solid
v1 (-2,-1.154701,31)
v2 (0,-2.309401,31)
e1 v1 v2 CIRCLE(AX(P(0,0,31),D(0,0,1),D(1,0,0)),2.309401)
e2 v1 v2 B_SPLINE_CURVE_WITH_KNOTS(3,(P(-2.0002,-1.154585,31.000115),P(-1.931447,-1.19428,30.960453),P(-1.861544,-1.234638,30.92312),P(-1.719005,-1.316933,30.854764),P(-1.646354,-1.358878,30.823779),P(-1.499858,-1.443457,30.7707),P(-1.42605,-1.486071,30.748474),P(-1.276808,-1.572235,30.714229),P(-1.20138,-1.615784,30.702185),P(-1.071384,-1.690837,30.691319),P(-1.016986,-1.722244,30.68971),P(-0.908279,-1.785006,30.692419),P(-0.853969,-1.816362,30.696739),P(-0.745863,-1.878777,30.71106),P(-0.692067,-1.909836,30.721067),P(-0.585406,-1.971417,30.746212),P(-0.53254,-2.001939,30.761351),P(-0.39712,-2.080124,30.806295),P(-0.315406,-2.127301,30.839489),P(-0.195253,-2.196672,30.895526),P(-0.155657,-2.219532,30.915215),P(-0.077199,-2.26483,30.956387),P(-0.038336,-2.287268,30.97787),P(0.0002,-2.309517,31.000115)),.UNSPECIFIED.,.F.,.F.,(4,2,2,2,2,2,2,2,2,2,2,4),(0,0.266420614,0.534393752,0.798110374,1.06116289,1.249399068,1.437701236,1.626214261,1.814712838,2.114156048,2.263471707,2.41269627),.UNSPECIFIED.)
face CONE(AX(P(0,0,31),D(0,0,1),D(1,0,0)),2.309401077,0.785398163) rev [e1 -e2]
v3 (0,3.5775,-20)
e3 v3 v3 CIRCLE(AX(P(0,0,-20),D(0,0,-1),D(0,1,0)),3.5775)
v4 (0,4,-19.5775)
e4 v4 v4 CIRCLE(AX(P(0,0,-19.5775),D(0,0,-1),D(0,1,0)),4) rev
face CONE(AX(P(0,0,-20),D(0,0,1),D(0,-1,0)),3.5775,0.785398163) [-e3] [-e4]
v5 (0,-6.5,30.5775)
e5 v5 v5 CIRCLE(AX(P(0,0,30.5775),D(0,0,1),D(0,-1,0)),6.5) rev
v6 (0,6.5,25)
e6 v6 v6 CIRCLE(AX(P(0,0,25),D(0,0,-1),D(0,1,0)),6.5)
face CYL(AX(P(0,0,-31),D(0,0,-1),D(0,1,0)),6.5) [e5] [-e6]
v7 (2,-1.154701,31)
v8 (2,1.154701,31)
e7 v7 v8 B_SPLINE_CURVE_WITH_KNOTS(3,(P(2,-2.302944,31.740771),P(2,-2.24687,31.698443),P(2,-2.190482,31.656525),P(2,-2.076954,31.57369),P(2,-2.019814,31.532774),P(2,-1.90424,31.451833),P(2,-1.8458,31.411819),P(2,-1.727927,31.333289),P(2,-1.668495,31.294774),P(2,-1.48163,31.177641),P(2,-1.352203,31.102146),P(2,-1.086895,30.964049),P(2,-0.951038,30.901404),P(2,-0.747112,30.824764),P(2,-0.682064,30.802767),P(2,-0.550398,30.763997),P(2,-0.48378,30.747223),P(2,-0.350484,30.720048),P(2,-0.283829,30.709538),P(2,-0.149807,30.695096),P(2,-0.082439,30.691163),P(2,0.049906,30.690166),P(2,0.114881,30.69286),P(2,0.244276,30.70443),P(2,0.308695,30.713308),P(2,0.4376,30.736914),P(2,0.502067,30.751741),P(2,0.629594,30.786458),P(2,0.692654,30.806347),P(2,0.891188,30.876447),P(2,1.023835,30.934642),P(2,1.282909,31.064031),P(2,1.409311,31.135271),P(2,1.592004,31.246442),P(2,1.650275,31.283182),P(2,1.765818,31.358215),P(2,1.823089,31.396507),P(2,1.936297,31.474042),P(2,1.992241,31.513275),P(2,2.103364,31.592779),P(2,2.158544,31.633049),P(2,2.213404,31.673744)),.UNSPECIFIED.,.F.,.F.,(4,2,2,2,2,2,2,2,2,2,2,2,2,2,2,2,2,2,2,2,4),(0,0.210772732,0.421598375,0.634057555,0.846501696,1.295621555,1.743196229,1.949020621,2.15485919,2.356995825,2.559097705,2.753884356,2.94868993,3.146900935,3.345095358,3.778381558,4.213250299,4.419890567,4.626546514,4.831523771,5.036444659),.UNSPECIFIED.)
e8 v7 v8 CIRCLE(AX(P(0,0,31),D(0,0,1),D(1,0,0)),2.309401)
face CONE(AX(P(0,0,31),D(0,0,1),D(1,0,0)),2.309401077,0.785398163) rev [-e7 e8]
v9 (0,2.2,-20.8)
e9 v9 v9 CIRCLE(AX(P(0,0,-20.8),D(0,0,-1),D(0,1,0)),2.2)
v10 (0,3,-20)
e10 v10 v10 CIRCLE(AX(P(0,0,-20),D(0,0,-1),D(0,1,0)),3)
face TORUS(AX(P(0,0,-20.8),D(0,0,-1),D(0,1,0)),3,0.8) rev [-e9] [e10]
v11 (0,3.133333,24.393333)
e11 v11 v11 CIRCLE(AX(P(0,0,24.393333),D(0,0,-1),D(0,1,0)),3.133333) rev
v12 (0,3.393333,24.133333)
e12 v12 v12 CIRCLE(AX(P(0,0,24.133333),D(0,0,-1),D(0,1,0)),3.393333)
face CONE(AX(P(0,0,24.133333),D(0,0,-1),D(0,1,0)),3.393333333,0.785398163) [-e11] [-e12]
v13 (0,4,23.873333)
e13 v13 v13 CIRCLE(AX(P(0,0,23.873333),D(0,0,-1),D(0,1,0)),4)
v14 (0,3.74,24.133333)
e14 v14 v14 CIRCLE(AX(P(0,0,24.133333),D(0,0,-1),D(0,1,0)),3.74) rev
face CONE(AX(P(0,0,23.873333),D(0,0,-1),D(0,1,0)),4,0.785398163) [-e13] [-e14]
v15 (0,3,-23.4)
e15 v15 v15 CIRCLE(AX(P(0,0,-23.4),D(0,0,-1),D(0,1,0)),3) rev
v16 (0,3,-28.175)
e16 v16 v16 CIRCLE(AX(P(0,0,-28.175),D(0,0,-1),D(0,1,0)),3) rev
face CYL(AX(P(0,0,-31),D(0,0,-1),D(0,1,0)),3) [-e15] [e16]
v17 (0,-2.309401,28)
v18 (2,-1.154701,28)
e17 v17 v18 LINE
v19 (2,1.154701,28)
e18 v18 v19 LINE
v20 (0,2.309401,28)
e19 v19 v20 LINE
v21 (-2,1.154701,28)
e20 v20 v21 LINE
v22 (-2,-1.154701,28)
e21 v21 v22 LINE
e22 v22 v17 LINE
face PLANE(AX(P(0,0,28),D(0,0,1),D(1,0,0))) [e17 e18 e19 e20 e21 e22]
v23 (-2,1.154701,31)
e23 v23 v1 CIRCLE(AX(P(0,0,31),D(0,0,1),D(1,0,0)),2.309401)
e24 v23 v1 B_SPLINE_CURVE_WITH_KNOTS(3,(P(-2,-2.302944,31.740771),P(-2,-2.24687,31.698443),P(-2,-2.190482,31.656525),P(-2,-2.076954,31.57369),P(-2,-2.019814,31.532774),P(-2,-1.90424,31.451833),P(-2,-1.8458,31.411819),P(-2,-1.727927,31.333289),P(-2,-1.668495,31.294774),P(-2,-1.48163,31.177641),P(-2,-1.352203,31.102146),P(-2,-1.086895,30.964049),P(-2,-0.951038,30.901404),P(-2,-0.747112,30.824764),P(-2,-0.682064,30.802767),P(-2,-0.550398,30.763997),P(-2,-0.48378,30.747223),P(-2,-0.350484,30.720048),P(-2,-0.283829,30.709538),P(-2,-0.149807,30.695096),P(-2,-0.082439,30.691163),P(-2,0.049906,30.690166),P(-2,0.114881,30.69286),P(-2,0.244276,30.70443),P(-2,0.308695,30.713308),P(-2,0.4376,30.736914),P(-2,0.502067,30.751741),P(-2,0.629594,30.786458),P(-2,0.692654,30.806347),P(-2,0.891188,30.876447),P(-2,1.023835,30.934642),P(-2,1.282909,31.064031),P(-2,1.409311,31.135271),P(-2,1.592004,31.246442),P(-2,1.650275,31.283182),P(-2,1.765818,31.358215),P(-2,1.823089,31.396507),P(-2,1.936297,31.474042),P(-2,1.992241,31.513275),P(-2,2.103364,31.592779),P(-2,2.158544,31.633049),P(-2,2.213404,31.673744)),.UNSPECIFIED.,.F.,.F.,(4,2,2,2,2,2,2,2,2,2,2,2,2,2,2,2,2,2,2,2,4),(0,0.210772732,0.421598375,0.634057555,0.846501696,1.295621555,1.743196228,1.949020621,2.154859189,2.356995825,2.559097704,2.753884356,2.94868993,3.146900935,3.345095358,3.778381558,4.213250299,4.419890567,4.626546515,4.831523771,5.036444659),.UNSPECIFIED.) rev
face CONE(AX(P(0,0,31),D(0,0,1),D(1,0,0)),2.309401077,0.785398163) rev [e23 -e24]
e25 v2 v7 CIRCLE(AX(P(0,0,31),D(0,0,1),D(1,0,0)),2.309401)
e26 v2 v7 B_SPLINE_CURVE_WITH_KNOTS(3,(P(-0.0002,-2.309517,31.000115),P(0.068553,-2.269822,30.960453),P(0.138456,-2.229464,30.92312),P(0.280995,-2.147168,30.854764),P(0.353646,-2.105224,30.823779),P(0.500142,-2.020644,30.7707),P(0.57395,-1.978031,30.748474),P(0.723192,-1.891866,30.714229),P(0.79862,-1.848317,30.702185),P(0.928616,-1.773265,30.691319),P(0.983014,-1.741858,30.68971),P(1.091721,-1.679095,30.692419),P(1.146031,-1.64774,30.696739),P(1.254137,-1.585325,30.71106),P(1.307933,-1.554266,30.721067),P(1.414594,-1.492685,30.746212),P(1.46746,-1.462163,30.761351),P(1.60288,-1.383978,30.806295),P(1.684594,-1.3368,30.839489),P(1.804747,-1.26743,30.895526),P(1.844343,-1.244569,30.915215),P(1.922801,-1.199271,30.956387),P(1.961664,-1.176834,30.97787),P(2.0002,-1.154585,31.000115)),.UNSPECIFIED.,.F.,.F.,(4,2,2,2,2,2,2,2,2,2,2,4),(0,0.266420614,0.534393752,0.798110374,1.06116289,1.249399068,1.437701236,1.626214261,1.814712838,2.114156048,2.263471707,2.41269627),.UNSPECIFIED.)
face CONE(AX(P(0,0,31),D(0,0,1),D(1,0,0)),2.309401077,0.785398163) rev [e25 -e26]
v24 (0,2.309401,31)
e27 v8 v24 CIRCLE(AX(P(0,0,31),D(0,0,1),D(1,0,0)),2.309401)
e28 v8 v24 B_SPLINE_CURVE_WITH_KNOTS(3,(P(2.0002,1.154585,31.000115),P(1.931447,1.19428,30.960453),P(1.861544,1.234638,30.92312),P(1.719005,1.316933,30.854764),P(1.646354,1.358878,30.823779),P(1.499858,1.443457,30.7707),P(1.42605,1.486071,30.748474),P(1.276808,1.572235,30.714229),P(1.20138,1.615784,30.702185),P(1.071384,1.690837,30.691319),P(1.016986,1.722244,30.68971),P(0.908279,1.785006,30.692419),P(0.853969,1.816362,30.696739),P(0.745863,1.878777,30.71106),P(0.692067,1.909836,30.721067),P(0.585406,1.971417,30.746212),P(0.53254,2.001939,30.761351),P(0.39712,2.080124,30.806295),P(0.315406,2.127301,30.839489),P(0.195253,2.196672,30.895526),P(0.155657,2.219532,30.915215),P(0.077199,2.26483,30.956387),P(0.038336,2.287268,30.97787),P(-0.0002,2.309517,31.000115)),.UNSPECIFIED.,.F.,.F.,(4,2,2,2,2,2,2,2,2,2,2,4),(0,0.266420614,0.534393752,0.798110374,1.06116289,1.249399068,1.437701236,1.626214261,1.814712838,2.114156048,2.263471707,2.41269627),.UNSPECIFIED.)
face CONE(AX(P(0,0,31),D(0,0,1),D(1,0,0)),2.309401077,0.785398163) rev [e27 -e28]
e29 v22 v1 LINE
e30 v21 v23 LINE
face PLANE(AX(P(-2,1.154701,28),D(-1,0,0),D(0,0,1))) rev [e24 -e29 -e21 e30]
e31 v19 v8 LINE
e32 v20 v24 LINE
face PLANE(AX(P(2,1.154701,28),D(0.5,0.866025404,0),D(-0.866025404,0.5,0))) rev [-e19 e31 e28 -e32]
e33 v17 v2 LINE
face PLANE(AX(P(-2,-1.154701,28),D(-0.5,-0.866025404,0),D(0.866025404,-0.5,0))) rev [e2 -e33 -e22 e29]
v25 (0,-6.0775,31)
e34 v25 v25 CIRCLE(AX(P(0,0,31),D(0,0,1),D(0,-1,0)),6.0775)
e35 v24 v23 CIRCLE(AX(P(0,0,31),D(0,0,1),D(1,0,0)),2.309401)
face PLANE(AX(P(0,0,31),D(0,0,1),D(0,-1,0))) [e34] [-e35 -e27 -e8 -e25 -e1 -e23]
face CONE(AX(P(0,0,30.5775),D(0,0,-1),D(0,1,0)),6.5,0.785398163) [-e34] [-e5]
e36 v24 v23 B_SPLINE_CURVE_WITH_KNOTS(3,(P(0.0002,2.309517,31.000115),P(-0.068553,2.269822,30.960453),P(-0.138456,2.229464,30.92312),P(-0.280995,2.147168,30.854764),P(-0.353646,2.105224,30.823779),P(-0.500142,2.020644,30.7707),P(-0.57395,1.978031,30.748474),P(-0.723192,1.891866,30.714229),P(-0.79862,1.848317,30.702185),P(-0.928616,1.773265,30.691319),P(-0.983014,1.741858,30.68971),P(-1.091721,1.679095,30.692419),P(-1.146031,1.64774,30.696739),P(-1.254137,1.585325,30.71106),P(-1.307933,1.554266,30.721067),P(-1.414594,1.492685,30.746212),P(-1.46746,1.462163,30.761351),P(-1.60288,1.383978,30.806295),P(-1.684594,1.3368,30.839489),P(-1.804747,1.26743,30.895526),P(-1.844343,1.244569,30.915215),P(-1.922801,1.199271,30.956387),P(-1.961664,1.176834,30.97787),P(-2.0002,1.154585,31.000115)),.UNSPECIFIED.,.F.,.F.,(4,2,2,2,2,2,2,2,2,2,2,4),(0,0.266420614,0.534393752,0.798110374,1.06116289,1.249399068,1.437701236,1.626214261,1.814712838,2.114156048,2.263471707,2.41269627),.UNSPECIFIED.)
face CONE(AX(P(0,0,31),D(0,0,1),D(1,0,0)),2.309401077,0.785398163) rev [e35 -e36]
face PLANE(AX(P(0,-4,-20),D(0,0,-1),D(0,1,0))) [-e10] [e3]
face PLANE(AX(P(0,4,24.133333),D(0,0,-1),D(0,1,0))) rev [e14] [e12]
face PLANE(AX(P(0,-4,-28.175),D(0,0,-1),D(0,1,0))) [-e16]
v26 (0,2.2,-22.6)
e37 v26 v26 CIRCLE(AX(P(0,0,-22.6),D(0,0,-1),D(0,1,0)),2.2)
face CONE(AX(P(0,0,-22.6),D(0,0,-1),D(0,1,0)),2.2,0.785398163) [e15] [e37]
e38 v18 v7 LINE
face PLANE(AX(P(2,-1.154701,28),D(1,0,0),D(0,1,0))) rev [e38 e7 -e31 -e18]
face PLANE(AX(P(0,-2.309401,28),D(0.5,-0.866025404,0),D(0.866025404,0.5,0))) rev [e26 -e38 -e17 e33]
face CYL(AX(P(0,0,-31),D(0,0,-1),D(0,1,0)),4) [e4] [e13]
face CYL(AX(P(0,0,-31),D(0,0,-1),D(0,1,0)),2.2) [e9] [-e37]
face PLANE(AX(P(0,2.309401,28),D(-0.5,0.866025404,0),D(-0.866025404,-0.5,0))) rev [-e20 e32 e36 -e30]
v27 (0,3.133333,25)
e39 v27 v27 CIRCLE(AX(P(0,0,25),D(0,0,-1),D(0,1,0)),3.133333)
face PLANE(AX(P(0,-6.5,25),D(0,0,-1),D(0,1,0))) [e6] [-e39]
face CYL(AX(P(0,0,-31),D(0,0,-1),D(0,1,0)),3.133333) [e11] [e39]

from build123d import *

# Parameters (mm, degrees)
SKETCH4_W          = 0.866666667
SKETCH4_H          = 0.866666667
CHAMFER1_SIZE      = 0.26
CHAMFER2_SIZE      = 0.75
CHAMFER3_SIZE      = 0.4225
CUT_EXTRUDE1_DEPTH = 3
SKETCH15_R         = 4
CUT_EXTRUDE3_DEPTH = 2.825


with BuildPart() as part:
    # Sketch3 → Revolve1 (revolve)
    with BuildSketch(Plane(origin=(0, 0, 0), x_dir=(0, 0, -1), z_dir=(1, 0, 0))):
        Polygon((-31, 6.5), (-25, 6.5), (-25, 4), (20, 4), (20, 3), (31, 3), (31, 0), (-31, 0), align=None)
    revolve(axis=Axis((0, 0, -31), (0, 0, 1)))

    # Sketch4 → Cut-Revolve1 (revolve, cut)
    with BuildSketch(Plane(origin=(0, 0, 0), x_dir=(0, 0, -1), z_dir=(1, 0, 0))):
        with Locations((-24.566666667, 3.566666667)):
            Rectangle(SKETCH4_W, SKETCH4_H)
    revolve(axis=Axis((0, 0, -31), (0, 0, 1)), mode=Mode.SUBTRACT)

    # Chamfer1
    chamfer1_edges = [part.edges().sort_by_distance(p)[0] for p in [
        (0, -3.133333333, 24.133333333),
        (0, -4, 24.133333333),
    ]]
    chamfer(chamfer1_edges, length=CHAMFER1_SIZE)

    # Sketch6 → Cut-Revolve2 (revolve, cut)
    with BuildSketch(Plane(origin=(0, 0, 0), x_dir=(0, 0, -1), z_dir=(1, 0, 0))):
        with BuildLine():
            Line((20, 4), (24.4, 4))
            Line((24.4, 4), (22.6, 2.2))
            Line((22.6, 2.2), (20.8, 2.2))
            ThreePointArc((20.8, 2.2), (20.234314575, 2.434314575), (20, 3))
            Line((20, 3), (20, 4))
        make_face()
    revolve(axis=Axis((0, 0, -31), (0, 0, 1)), mode=Mode.SUBTRACT)

    # Chamfer2
    chamfer2_edges = [part.edges().sort_by_distance(p)[0] for p in [
        (0, -3, -31),
    ]]
    chamfer(chamfer2_edges, length=CHAMFER2_SIZE)

    # Chamfer3
    chamfer3_edges = [part.edges().sort_by_distance(p)[0] for p in [
        (0, -4, -20),
        (0, -6.5, 31),
    ]]
    chamfer(chamfer3_edges, length=CHAMFER3_SIZE)

    # Sketch8 → Cut-Extrude1 (cut)
    with BuildSketch(Plane.XY.offset(31)):
        Polygon((2, 1.154700538), (0, 2.309401077), (-2, 1.154700538), (-2, -1.154700538), (0, -2.309401077), (2, -1.154700538), align=None)
    extrude(amount=-CUT_EXTRUDE1_DEPTH, mode=Mode.SUBTRACT)

    # Cut-Extrude2 cone 1 section (through the dimple's axis) → Cut-Extrude2 (revolve, cut)
    with BuildSketch(Plane(origin=(0, 0, 31), x_dir=(0, -1, 0), z_dir=(1, 0, 0))):
        Polygon((0, 0), (2.309401077, 0), (0, 2.309401077), align=None)
    revolve(axis=Axis((0, 0, 31), (0, 0, -1)), mode=Mode.SUBTRACT)

    # Sketch15 → Cut-Extrude3 (cut)
    with BuildSketch(Plane(origin=(0, 0, -31), x_dir=(-1, 0, 0), z_dir=(0, 0, -1))):
        with Locations(Location((0, 0, 0), (0, 0, 90))):
            Circle(SKETCH15_R)
    extrude(amount=-CUT_EXTRUDE3_DEPTH, mode=Mode.SUBTRACT)


solid = part.part
